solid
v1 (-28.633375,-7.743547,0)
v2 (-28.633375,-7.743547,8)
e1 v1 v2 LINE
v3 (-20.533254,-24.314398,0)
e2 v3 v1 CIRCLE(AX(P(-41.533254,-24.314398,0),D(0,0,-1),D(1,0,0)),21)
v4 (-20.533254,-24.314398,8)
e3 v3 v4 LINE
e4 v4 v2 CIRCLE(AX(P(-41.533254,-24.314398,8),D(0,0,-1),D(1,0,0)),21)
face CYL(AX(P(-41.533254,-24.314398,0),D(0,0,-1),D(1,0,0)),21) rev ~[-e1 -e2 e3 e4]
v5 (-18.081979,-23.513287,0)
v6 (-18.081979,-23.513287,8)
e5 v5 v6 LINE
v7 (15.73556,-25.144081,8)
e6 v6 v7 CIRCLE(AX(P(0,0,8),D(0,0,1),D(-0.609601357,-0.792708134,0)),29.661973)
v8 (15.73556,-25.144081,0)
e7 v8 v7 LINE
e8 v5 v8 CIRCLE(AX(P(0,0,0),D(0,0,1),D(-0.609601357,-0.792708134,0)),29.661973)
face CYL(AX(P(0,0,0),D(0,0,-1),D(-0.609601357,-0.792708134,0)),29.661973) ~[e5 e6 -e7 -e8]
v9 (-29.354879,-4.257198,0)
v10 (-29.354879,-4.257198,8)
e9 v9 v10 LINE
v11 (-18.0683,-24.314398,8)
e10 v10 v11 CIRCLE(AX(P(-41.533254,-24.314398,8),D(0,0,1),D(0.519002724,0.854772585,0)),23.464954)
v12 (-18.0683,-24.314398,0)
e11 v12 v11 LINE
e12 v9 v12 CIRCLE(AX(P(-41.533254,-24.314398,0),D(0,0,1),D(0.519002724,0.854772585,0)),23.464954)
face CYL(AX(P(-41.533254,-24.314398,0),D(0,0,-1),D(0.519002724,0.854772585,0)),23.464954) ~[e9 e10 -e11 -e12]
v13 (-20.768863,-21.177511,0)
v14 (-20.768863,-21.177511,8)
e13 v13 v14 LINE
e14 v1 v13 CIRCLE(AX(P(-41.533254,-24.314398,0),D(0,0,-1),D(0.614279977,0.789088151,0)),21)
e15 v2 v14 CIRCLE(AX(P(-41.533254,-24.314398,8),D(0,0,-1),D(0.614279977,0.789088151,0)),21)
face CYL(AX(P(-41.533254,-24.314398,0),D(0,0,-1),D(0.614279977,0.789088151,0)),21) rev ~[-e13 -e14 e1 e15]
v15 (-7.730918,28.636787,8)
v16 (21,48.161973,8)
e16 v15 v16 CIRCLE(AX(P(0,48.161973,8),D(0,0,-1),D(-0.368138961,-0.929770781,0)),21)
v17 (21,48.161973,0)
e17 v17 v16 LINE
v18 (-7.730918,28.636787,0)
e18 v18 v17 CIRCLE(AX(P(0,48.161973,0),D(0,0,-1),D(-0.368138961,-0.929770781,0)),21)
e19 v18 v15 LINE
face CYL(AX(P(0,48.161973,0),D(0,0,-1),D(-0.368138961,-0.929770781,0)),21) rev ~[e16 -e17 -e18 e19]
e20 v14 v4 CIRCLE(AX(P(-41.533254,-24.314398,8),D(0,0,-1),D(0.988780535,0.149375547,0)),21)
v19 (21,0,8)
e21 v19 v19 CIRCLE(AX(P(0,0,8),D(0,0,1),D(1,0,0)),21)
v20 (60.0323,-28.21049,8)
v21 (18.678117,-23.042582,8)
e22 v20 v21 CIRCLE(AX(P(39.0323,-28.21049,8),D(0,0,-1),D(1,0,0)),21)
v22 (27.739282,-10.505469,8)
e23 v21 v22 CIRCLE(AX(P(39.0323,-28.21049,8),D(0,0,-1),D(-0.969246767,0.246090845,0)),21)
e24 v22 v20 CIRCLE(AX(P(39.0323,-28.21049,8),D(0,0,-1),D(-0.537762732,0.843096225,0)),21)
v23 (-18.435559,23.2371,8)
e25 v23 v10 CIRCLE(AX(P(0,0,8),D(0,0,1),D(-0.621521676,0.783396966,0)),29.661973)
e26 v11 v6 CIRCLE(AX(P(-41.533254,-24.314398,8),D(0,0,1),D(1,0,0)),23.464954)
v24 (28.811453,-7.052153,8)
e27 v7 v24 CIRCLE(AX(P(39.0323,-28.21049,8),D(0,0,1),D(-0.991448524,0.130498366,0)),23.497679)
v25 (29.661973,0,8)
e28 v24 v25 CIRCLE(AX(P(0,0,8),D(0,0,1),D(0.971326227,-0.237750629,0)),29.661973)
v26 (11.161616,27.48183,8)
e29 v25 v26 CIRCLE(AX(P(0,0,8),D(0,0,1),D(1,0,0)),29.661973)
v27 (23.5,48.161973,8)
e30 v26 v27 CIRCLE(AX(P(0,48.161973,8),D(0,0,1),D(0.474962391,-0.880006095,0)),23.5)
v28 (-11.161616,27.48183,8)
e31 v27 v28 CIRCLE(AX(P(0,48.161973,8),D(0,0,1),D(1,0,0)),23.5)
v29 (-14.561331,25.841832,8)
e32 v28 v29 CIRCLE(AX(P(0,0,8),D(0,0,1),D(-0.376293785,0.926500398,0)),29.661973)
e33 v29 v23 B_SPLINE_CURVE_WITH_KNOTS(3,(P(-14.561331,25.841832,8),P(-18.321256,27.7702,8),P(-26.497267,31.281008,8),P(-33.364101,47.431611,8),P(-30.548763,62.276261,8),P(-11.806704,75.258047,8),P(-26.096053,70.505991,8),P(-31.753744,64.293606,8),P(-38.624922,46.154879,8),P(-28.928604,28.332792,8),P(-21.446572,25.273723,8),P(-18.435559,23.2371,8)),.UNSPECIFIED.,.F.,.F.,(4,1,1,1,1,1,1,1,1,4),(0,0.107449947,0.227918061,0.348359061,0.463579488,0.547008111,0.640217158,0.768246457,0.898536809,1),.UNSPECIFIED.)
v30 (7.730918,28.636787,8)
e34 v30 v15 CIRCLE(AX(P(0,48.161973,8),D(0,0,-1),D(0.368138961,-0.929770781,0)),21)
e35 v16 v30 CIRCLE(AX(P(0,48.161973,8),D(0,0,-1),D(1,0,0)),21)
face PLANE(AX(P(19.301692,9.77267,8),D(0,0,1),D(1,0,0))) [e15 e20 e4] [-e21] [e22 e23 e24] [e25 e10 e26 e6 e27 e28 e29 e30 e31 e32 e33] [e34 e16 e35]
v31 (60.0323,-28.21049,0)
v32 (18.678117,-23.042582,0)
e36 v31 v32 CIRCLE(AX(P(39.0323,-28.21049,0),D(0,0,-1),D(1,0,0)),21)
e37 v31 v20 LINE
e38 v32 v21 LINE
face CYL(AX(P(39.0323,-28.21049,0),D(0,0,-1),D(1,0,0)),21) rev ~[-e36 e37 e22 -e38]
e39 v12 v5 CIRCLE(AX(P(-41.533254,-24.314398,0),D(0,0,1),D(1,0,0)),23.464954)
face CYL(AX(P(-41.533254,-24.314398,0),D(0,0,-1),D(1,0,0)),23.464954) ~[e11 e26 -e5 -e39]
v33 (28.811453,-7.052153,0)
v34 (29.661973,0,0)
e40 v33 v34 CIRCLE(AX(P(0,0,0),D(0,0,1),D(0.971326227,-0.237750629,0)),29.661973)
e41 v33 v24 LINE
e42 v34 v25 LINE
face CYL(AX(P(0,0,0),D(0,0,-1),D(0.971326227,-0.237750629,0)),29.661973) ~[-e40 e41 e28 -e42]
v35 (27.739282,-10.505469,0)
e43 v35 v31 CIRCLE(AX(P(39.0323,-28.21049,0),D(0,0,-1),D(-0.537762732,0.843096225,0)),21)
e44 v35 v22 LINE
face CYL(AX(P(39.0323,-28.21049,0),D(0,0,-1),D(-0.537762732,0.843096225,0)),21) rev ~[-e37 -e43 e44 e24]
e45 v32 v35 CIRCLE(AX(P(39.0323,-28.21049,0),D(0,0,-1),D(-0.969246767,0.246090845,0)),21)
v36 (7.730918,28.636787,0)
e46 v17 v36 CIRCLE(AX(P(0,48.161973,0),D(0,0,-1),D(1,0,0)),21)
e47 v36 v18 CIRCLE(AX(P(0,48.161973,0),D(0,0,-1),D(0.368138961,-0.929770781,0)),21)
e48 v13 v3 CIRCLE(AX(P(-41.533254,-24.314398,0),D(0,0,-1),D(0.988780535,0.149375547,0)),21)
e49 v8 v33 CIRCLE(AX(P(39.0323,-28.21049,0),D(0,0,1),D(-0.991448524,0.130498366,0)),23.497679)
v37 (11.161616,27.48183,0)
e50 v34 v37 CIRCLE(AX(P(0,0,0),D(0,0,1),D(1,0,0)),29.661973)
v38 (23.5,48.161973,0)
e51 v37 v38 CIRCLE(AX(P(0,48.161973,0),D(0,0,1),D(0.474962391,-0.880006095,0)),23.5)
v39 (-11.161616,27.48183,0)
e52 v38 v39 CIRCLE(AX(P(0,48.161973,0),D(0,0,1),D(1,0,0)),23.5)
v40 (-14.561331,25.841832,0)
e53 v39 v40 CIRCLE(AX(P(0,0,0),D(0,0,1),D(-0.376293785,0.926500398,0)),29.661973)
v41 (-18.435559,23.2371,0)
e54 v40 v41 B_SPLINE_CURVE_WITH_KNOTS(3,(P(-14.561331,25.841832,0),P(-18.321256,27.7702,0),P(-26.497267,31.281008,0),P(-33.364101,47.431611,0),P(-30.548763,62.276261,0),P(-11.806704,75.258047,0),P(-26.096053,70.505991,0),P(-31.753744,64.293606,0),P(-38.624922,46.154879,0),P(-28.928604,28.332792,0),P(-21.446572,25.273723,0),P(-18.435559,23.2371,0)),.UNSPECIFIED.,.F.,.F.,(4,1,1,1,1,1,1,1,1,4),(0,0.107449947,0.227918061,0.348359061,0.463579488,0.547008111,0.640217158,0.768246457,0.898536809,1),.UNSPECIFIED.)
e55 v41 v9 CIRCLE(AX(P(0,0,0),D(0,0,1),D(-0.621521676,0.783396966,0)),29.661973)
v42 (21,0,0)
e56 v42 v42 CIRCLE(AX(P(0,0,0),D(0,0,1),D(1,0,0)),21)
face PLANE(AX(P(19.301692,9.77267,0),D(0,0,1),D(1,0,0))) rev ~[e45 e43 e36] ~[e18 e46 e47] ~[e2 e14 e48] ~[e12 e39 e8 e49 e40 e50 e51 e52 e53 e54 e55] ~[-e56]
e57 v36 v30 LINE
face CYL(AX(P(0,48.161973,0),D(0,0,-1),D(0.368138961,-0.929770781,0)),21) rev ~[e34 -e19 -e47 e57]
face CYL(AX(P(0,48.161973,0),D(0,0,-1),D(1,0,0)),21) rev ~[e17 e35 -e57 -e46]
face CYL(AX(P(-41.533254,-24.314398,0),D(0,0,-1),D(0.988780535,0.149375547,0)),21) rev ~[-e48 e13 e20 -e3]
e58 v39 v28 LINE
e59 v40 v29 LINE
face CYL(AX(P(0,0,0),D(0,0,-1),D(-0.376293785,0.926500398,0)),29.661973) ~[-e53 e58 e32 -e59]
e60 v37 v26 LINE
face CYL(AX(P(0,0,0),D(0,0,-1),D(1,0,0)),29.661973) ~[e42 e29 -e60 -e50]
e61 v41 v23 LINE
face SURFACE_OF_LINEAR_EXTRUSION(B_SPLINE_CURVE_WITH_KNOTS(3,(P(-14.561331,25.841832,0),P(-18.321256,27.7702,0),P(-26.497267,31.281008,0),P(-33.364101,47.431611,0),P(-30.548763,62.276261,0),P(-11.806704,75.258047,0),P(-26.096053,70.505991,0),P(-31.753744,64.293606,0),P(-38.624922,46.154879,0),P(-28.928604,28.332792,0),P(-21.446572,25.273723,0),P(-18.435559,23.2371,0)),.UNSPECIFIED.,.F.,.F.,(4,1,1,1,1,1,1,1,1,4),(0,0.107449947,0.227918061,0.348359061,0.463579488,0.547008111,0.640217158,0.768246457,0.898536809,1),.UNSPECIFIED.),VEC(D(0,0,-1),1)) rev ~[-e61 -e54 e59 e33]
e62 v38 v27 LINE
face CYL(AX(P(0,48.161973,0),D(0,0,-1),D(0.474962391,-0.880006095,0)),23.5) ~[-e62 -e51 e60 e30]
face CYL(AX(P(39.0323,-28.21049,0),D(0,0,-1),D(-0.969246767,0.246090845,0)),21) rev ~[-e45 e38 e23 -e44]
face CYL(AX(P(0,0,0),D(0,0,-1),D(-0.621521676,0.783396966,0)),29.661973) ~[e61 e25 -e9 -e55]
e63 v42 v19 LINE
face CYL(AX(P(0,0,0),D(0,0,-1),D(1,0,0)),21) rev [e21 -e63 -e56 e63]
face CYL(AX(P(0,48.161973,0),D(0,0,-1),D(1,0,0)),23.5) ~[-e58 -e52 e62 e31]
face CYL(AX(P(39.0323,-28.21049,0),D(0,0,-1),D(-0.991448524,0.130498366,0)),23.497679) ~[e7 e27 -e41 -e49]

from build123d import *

# Parameters (mm, degrees)
F0_R     = 21
F1_DEPTH = 8


with BuildPart() as f1:
    # F0 (on Top) → F1 (new body)
    with BuildSketch(Plane.XY):
        with BuildLine():
            ThreePointArc((1.963e-07, 24.6619732365), (17.4386485824, 17.4386484436), (24.6619732365, 0))
            ThreePointArc((24.6619732365, 0), (23.4643944661, -7.5917795185), (19.9879663592, -14.4462495043))
            ThreePointArc((19.9879663592, -14.4462495043), (23.9398888869, -10.2004903895), (28.8114525397, -7.0521527803))
            ThreePointArc((28.8114525397, -7.0521527803), (29.448575436, -3.5516279469), (29.6619732365, 0))
            ThreePointArc((29.6619732365, 0), (24.6059770877, 16.5643758663), (11.1616161866, 27.4818300043))
            ThreePointArc((11.1616161866, 27.4818300043), (5.7561548031, 25.3778409975), (1.963e-07, 24.6619732365))
        make_face()
        with BuildLine():
            ThreePointArc((-21.2831372088, -12.4595744095), (-21.3949831779, 12.2665243135), (1.963e-07, 24.6619732365))
            ThreePointArc((1.963e-07, 24.6619732365), (-5.7561546128, 25.3778409494), (-11.1616161866, 27.4818300043))
            ThreePointArc((-11.1616161866, 27.4818300043), (-12.8875871928, 26.7159643777), (-14.56133119, 25.8418321769))
            ThreePointArc((-14.56133119, 25.8418321769), (-16.549768987, 24.6158039226), (-18.4355593229, 23.2370998348))
            ThreePointArc((-18.4355593229, 23.2370998348), (-27.5674737035, 10.9483811539), (-29.3548789483, -4.2571983997))
            ThreePointArc((-29.3548789483, -4.2571983997), (-24.8083769074, -7.8558877466), (-21.2831372088, -12.4595744095))
        make_face()
        with BuildLine():
            ThreePointArc((-11.1616161866, 27.4818300043), (-5.7561546128, 25.3778409494), (1.963e-07, 24.6619732365))
            ThreePointArc((1.963e-07, 24.6619732365), (5.7561548031, 25.3778409975), (11.1616161866, 27.4818300043))
            ThreePointArc((11.1616161866, 27.4818300043), (9.4639022123, 28.1116917171), (7.7309181869, 28.6367868356))
            ThreePointArc((7.7309181869, 28.6367868356), (0, 27.1619732365), (-7.7309181869, 28.6367868356))
            ThreePointArc((-7.7309181869, 28.6367868356), (-9.4639022123, 28.1116917171), (-11.1616161866, 27.4818300043))
        make_face()
        with BuildLine():
            ThreePointArc((15.735560022, -25.1440809551), (17.1964915926, -19.5307186292), (19.9879663592, -14.4462495043))
            ThreePointArc((19.9879663592, -14.4462495043), (-1.1857851261, -24.6334495666), (-21.2831372088, -12.4595744095))
            ThreePointArc((-21.2831372088, -12.4595744095), (-18.994419715, -17.7871458588), (-18.0819791402, -23.5132874489))
            ThreePointArc((-18.0819791402, -23.5132874489), (-1.4287380916, -29.6275440047), (15.735560022, -25.1440809551))
        make_face()
        with BuildLine():
            ThreePointArc((28.8114525397, -7.0521527803), (23.9398888869, -10.2004903895), (19.9879663592, -14.4462495043))
            ThreePointArc((19.9879663592, -14.4462495043), (17.1964915926, -19.5307186292), (15.735560022, -25.1440809551))
            ThreePointArc((15.735560022, -25.1440809551), (17.2388913166, -24.1382120807), (18.6781174536, -23.0425819879))
            ThreePointArc((18.6781174536, -23.0425819879), (22.0122787346, -15.9093153599), (27.7392822067, -10.5054690015))
            ThreePointArc((27.7392822067, -10.5054690015), (28.328038201, -8.7951638964), (28.8114525397, -7.0521527803))
        make_face()
        with BuildLine():
            ThreePointArc((-18.0819791402, -23.5132874489), (-18.994419715, -17.7871458588), (-21.2831372088, -12.4595744095))
            ThreePointArc((-21.2831372088, -12.4595744095), (-24.8083769074, -7.8558877466), (-29.3548789483, -4.2571983997))
            ThreePointArc((-29.3548789483, -4.2571983997), (-29.046480733, -6.0112073087), (-28.6333745771, -7.743546772))
            ThreePointArc((-28.6333745771, -7.743546772), (-23.4103781285, -13.7049037547), (-20.7688628552, -21.1775114681))
            ThreePointArc((-20.7688628552, -21.1775114681), (-19.4604969951, -22.3857479881), (-18.0819791402, -23.5132874489))
        make_face()
        with BuildLine():
            ThreePointArc((23.5, 48.1619732365), (-12.0405983991, 68.3430036907), (-11.1616161866, 27.4818300043))
            ThreePointArc((-11.1616161866, 27.4818300043), (-9.4639022123, 28.1116917171), (-7.7309181869, 28.6367868356))
            ThreePointArc((-7.7309181869, 28.6367868356), (-11.8036163542, 65.5307567564), (21, 48.1619732365))
            ThreePointArc((21, 48.1619732365), (17.3687835199, 36.3583568823), (7.7309181869, 28.6367868356))
            ThreePointArc((7.7309181869, 28.6367868356), (9.4639022123, 28.1116917171), (11.1616161866, 27.4818300043))
            ThreePointArc((11.1616161866, 27.4818300043), (20.1810304542, 36.1213748374), (23.5, 48.1619732365))
        make_face()
        with BuildLine():
            ThreePointArc((62.5299789509, -28.2104897255), (51.5217901475, -8.3068829818), (28.8114525397, -7.0521527803))
            ThreePointArc((28.8114525397, -7.0521527803), (28.328038201, -8.7951638964), (27.7392822067, -10.5054690015))
            ThreePointArc((27.7392822067, -10.5054690015), (49.1280074542, -9.796454798), (60.0322995697, -28.2104897255))
            ThreePointArc((60.0322995697, -28.2104897255), (36.428247385, -49.0484097805), (18.6781174536, -23.0425819879))
            ThreePointArc((18.6781174536, -23.0425819879), (17.2388913166, -24.1382120807), (15.735560022, -25.1440809551))
            ThreePointArc((15.735560022, -25.1440809551), (37.4958068457, -51.6578803353), (62.5299789509, -28.2104897255))
        make_face()
        with BuildLine():
            ThreePointArc((-18.0682999072, -24.314397946), (-18.0717199647, -23.9137843073), (-18.0819791402, -23.5132874489))
            ThreePointArc((-18.0819791402, -23.5132874489), (-19.4604969951, -22.3857479881), (-20.7688628552, -21.1775114681))
            ThreePointArc((-20.7688628552, -21.1775114681), (-20.5922391179, -22.7415368375), (-20.533254087, -24.314397946))
            ThreePointArc((-20.533254087, -24.314397946), (-60.3998577785, -33.5367222271), (-28.6333745771, -7.743546772))
            ThreePointArc((-28.6333745771, -7.743546772), (-29.046480733, -6.0112073087), (-29.3548789483, -4.2571983997))
            ThreePointArc((-29.3548789483, -4.2571983997), (-61.9828150758, -35.8217664559), (-18.0682999072, -24.314397946))
        make_face()
        with BuildLine():
            ThreePointArc((-18.4355593229, 23.2370998348), (-16.549768987, 24.6158039226), (-14.56133119, 25.8418321769))
            add(Edge.make_bspline(
                [(-14.56133119, 25.8418321769), (-18.3212557111, 27.7701999079), (-26.4972669145, 31.2810079014), (-33.3641013174, 47.4316106702), (-30.5487631556, 62.276261401), (-11.8067038363, 75.258047024), (-26.0960526984, 70.5059905038), (-31.7537439836, 64.2936062647), (-38.6249221143, 46.1548793635), (-28.9286036079, 28.3327917305), (-21.4465718832, 25.273722625), (-18.4355593229, 23.2370998348)],
                knots=[0, 0, 0, 0, 0.1074499467, 0.2279180613, 0.348359061, 0.4635794883, 0.5470081109, 0.6402171576, 0.7682464571, 0.8985368087, 1, 1, 1, 1], degree=3))
        make_face()
        with BuildLine():
            ThreePointArc((19.9879663592, -14.4462495043), (23.4643944661, -7.5917795185), (24.6619732365, 0))
            ThreePointArc((24.6619732365, 0), (17.4386485824, 17.4386484436), (1.963e-07, 24.6619732365))
            ThreePointArc((1.963e-07, 24.6619732365), (-21.3949831779, 12.2665243135), (-21.2831372088, -12.4595744095))
            ThreePointArc((-21.2831372088, -12.4595744095), (-1.1857851261, -24.6334495666), (19.9879663592, -14.4462495043))
        make_face()
        Circle(F0_R, mode=Mode.SUBTRACT)
    extrude(amount=F1_DEPTH)


solid = f1.part
